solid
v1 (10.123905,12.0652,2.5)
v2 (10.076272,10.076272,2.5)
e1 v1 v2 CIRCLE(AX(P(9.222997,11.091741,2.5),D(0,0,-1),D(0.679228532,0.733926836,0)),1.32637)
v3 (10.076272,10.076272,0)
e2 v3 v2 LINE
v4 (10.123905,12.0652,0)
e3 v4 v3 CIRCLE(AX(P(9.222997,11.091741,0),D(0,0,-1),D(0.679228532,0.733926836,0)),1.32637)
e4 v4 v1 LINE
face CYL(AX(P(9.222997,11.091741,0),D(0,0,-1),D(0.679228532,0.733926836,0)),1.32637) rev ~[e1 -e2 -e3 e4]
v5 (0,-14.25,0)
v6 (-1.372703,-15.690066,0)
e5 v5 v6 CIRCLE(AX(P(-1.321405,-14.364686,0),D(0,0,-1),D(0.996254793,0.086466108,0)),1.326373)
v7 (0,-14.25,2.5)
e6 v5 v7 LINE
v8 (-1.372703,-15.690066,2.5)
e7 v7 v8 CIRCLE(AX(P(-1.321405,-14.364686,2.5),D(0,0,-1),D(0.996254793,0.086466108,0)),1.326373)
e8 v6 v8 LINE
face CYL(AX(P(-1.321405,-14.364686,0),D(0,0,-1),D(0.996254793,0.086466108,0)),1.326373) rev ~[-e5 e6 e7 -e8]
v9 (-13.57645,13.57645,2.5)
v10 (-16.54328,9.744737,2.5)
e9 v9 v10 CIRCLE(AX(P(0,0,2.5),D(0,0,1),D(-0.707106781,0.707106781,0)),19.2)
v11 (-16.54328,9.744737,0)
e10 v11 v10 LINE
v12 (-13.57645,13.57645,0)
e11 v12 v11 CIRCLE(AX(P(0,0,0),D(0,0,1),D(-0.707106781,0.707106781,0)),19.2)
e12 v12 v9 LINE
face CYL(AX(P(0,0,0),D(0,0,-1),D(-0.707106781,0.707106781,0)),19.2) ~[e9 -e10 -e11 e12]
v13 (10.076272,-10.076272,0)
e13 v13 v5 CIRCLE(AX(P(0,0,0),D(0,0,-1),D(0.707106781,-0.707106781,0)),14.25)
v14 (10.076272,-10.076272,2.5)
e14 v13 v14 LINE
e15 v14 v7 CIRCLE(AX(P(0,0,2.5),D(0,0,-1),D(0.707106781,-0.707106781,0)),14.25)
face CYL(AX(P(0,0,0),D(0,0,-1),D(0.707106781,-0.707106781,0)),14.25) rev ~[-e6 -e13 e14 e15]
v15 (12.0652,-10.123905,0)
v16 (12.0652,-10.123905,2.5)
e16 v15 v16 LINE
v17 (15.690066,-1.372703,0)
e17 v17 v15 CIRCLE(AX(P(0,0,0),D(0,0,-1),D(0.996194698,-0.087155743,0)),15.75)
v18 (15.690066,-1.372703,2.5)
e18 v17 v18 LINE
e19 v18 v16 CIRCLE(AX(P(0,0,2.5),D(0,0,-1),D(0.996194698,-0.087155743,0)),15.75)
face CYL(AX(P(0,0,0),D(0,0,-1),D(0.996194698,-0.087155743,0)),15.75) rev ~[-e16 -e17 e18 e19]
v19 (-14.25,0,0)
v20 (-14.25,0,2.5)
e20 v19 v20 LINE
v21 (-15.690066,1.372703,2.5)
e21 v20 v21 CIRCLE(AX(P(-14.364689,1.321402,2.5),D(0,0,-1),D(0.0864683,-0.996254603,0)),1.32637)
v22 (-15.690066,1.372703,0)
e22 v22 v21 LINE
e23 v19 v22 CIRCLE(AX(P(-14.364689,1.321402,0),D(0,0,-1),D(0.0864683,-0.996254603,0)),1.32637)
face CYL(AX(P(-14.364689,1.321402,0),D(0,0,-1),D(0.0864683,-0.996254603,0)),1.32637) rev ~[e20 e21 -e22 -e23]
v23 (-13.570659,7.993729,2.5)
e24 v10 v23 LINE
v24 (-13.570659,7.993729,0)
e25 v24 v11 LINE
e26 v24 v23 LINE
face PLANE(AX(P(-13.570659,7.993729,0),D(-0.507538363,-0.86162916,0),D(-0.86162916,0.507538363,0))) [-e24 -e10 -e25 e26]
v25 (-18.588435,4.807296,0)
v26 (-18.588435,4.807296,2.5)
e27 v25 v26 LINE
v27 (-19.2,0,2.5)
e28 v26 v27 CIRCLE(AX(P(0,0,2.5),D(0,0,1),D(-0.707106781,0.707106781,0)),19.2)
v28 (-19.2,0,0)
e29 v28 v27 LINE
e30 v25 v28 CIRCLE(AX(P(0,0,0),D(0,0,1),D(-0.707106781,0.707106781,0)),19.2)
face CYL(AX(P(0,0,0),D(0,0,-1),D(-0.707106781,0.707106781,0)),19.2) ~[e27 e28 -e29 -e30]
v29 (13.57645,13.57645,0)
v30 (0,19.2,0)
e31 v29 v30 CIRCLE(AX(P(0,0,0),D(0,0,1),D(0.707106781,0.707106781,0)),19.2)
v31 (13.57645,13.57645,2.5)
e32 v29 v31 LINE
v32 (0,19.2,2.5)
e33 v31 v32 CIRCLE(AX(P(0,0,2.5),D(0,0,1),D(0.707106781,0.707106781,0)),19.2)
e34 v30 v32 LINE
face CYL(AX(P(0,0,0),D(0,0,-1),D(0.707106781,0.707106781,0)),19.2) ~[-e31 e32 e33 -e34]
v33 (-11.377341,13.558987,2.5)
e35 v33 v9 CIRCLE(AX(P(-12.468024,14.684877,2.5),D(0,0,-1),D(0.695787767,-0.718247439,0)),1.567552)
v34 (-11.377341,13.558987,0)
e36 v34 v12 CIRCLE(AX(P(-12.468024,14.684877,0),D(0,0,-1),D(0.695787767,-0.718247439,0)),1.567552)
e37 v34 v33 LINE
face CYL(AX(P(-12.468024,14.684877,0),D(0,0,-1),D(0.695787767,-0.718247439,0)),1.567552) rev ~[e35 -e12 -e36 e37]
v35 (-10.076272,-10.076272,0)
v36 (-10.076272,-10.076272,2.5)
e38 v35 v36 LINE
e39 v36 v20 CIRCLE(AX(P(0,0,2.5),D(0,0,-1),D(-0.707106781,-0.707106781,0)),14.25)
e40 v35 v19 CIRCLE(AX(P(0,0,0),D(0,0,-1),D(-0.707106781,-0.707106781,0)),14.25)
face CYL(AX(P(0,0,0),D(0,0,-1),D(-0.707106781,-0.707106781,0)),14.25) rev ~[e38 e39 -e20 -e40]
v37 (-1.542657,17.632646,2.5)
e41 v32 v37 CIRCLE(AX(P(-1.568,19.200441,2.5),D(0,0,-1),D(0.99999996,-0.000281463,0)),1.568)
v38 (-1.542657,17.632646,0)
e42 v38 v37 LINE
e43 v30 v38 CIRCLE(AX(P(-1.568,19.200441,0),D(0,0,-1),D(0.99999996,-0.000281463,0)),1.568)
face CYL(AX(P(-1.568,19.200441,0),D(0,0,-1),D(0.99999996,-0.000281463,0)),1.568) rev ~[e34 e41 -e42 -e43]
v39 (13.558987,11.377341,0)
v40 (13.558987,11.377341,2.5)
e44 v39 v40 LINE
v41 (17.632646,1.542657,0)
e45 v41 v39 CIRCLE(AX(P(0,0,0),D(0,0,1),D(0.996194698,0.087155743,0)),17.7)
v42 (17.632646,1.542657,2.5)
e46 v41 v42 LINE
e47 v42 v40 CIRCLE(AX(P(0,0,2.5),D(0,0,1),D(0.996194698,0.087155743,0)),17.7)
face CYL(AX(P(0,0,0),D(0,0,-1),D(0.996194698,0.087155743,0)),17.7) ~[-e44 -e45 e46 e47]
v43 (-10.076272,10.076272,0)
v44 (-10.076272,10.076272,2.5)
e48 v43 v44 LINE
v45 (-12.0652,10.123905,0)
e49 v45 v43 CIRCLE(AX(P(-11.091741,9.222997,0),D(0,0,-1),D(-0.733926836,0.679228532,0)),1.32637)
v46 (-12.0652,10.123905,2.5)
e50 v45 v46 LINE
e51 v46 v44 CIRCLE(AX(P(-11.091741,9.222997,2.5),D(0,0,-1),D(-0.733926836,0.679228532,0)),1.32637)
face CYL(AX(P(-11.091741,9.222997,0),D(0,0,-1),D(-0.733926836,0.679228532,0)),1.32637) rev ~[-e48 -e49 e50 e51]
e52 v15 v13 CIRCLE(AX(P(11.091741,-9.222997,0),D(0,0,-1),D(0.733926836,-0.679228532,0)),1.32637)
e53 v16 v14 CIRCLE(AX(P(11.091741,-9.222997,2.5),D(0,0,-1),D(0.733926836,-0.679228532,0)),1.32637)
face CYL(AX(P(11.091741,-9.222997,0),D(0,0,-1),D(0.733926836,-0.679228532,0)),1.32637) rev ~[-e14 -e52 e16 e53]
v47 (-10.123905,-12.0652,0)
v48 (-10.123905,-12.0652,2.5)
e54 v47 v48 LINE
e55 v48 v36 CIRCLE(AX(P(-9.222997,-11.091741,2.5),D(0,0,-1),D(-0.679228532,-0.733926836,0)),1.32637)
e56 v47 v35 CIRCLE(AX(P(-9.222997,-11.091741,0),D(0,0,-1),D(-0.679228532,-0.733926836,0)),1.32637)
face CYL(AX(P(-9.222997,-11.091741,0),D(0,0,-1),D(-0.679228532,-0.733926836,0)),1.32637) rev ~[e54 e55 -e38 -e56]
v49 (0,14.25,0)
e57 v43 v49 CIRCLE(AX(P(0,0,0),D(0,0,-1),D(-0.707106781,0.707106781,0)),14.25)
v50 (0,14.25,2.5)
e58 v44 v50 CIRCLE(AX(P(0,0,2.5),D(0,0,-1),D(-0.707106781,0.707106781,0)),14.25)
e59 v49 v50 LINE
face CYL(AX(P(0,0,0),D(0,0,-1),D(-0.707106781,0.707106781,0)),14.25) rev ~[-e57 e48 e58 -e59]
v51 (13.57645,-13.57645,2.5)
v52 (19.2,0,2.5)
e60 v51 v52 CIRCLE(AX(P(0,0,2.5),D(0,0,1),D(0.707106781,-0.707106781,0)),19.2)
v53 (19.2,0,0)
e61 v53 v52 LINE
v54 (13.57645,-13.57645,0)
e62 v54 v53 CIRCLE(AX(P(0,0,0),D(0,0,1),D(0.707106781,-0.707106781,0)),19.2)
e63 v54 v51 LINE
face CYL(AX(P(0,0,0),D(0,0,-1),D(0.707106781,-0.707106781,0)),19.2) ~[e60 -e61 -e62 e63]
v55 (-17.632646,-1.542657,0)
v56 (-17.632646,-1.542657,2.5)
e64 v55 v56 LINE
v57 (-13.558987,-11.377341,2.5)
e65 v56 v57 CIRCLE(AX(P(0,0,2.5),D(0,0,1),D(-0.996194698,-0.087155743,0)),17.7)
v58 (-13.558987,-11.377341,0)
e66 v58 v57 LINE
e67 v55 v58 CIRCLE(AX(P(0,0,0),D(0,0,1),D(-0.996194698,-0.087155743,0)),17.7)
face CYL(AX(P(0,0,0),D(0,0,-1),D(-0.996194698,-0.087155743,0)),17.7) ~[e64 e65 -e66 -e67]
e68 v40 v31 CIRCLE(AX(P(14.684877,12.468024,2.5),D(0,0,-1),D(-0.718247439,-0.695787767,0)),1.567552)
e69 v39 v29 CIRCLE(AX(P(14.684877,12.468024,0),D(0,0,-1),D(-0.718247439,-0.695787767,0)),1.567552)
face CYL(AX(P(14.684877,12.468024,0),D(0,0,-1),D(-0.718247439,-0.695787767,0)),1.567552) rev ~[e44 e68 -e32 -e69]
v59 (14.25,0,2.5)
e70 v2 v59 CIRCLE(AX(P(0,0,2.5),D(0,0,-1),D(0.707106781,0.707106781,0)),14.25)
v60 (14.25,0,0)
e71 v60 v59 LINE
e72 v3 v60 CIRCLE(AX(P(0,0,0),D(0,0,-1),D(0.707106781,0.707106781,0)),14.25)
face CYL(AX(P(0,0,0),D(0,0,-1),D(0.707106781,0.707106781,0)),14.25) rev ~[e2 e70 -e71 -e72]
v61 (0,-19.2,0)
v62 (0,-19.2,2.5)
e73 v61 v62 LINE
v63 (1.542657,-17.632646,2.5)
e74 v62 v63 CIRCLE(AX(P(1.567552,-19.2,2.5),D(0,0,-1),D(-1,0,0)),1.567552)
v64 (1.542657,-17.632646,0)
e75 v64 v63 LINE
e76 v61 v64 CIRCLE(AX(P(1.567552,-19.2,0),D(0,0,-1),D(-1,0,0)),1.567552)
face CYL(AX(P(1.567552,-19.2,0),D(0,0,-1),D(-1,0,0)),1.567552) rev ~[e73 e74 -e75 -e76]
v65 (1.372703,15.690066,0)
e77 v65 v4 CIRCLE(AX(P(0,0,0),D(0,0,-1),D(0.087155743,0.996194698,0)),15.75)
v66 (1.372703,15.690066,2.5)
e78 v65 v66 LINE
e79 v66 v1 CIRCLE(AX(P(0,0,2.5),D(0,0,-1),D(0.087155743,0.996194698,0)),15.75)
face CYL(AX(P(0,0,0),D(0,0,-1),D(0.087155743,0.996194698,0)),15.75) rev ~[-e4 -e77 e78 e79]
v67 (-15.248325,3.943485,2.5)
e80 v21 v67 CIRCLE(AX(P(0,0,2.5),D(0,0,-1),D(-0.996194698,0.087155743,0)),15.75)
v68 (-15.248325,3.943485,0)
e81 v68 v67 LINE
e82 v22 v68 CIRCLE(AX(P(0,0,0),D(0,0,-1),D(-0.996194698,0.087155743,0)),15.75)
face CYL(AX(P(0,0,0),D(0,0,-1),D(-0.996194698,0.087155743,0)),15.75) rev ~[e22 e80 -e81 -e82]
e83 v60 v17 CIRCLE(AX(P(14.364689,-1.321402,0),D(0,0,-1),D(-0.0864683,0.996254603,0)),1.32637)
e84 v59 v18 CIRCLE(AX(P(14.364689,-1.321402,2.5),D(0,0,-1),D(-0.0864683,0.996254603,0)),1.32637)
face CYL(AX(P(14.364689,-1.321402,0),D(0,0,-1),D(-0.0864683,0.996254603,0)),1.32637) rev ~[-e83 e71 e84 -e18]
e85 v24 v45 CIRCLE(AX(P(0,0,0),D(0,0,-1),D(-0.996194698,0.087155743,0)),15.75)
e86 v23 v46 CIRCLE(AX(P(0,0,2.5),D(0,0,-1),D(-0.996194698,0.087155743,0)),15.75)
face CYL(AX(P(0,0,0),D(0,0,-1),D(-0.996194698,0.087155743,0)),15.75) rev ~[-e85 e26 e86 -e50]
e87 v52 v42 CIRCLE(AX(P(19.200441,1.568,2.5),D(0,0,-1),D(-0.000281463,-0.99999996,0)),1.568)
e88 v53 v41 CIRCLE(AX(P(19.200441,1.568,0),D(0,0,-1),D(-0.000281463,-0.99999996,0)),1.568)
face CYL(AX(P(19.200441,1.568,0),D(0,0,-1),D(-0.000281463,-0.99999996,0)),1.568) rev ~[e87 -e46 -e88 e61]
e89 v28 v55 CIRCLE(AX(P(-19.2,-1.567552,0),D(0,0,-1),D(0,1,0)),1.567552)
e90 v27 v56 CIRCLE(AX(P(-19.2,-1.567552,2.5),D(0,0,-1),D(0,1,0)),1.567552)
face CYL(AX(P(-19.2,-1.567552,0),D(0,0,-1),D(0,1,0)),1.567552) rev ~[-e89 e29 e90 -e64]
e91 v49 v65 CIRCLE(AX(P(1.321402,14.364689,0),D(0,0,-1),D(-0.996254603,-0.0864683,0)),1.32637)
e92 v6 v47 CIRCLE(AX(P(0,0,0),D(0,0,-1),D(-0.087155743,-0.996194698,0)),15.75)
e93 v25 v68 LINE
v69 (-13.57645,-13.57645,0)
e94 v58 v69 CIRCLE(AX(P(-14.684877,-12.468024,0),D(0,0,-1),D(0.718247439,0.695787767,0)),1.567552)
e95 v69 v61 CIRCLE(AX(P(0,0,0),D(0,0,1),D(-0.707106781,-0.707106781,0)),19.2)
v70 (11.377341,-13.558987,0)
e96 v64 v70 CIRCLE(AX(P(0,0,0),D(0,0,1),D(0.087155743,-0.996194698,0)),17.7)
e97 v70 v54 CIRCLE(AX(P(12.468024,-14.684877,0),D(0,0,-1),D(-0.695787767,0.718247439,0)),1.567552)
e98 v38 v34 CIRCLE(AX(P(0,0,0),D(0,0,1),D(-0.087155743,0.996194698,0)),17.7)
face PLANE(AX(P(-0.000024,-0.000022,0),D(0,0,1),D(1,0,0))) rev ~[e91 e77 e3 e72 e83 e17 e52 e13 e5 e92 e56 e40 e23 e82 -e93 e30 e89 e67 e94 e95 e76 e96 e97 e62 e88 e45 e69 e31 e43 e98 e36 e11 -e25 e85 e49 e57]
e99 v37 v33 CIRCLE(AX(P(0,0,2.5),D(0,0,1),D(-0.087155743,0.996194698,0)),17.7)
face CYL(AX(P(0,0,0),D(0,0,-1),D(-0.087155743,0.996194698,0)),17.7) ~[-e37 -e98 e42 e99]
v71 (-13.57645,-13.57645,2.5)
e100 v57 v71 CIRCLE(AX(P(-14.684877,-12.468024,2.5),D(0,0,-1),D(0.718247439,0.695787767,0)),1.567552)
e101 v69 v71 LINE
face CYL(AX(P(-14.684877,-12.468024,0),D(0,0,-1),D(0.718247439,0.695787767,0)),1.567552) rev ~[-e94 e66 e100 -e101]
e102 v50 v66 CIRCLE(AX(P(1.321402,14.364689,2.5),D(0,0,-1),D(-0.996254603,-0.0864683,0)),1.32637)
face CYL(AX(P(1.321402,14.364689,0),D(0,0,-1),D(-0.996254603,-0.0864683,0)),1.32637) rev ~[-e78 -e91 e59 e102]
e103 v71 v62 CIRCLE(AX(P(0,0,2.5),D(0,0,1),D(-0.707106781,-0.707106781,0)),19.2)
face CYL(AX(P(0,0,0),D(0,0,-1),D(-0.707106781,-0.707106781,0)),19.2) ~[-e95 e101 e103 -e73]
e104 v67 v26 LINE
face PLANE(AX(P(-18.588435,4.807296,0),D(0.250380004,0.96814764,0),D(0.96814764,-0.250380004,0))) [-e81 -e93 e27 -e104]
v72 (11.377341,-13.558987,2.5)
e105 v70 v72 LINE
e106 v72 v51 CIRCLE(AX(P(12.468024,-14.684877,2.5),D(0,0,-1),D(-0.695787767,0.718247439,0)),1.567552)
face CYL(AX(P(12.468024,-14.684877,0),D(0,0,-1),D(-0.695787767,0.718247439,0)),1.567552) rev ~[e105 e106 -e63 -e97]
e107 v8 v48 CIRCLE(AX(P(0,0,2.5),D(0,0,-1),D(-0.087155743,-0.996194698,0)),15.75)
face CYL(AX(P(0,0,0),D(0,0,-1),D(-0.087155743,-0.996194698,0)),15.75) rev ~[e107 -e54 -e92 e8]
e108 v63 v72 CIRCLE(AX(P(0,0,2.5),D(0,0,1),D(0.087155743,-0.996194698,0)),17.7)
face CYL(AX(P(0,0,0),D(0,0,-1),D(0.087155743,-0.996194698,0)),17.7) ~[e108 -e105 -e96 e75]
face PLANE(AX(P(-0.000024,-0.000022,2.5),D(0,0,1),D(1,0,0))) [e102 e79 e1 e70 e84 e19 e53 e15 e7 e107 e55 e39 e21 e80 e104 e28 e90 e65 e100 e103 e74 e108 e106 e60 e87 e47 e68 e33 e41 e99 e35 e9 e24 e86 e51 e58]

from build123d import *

# Parameters (mm, degrees)
F1_DEPTH = 2.5
F3_DEPTH = 2.501


with BuildPart() as f1:
    # F0 (on Top) → F1 (new body)
    with BuildSketch(Plane.XY):
        with BuildLine():
            ThreePointArc((-11.3773406915, 13.5589866432), (-12.4804717144, 13.1173744075), (-13.5764501988, 13.5764501988))
            ThreePointArc((-13.5764501988, 13.5764501988), (-17.7384870242, 7.3475219014), (-19.2, 0))
            ThreePointArc((-19.2, 0), (-18.1004105765, -0.4503582132), (-17.6326461562, -1.5426566466))
            ThreePointArc((-17.6326461562, -1.5426566466), (-16.3526677254, -6.7734967529), (-13.5589866432, -11.3773406915))
            ThreePointArc((-13.5589866432, -11.3773406915), (-13.1173744075, -12.4804717144), (-13.5764501988, -13.5764501988))
            ThreePointArc((-13.5764501988, -13.5764501988), (-7.3475219014, -17.7384870242), (0, -19.2))
            ThreePointArc((0, -19.2), (0.4503582132, -18.1004105765), (1.5426566466, -17.6326461562))
            ThreePointArc((1.5426566466, -17.6326461562), (6.7734967529, -16.3526677254), (11.3773406915, -13.5589866432))
            ThreePointArc((11.3773406915, -13.5589866432), (12.4804717144, -13.1173744075), (13.5764501988, -13.5764501988))
            ThreePointArc((13.5764501988, -13.5764501988), (17.7384870242, -7.3475219014), (19.2, 0))
            ThreePointArc((19.2, 0), (18.1005373282, 0.4504869942), (17.6326461562, 1.5426566466))
            ThreePointArc((17.6326461562, 1.5426566466), (16.3526677254, 6.7734967529), (13.5589866432, 11.3773406915))
            ThreePointArc((13.5589866432, 11.3773406915), (13.1173744075, 12.4804717144), (13.5764501988, 13.5764501988))
            ThreePointArc((13.5764501988, 13.5764501988), (7.3475219014, 17.7384870242), (0, 19.2))
            ThreePointArc((0, 19.2), (-0.4504869942, 18.1005373282), (-1.5426566466, 17.6326461562))
            ThreePointArc((-1.5426566466, 17.6326461562), (-6.7734967529, 16.3526677254), (-11.3773406915, 13.5589866432))
        make_face()
        with BuildLine():
            ThreePointArc((15.6900664949, -1.3727029483), (14.5511026371, -6.0272640598), (12.0651999791, -10.1239048526))
            ThreePointArc((12.0651999791, -10.1239048526), (11.0599850614, -10.5489862891), (10.0762716319, -10.0762716319))
            ThreePointArc((10.0762716319, -10.0762716319), (5.4532389112, -13.1652833383), (0, -14.25))
            ThreePointArc((0, -14.25), (-0.3613316509, -15.2798492672), (-1.3727029483, -15.6900664949))
            ThreePointArc((-1.3727029483, -15.6900664949), (-6.0272640598, -14.5511026371), (-10.1239048526, -12.0651999791))
            ThreePointArc((-10.1239048526, -12.0651999791), (-10.5489862891, -11.0599850614), (-10.0762716319, -10.0762716319))
            ThreePointArc((-10.0762716319, -10.0762716319), (-13.1652833383, -5.4532389112), (-14.25, 0))
            ThreePointArc((-14.25, 0), (-15.2798501764, 0.3613306971), (-15.6900664949, 1.3727029483))
            ThreePointArc((-15.6900664949, 1.3727029483), (-14.5511026371, 6.0272640598), (-12.0651999791, 10.1239048526))
            ThreePointArc((-12.0651999791, 10.1239048526), (-11.0599850614, 10.5489862891), (-10.0762716319, 10.0762716319))
            ThreePointArc((-10.0762716319, 10.0762716319), (-5.4532389112, 13.1652833383), (0, 14.25))
            ThreePointArc((0, 14.25), (0.3613306971, 15.2798501764), (1.3727029483, 15.6900664949))
            ThreePointArc((1.3727029483, 15.6900664949), (6.0272640598, 14.5511026371), (10.1239048526, 12.0651999791))
            ThreePointArc((10.1239048526, 12.0651999791), (10.5489862891, 11.0599850614), (10.0762716319, 10.0762716319))
            ThreePointArc((10.0762716319, 10.0762716319), (13.1652833383, 5.4532389112), (14.25, 0))
            ThreePointArc((14.25, 0), (15.2798501764, -0.3613306971), (15.6900664949, -1.3727029483))
        make_face(mode=Mode.SUBTRACT)
    extrude(amount=F1_DEPTH)

    # F2 (on Top) → F3 (cut, through all)
    with BuildSketch(Plane.XY):
        with BuildLine():
            Line((-18.5884346953, 4.8072960778), (-15.248325336, 3.9434850639))
            ThreePointArc((-15.248325336, 3.9434850639), (-14.5511026371, 6.0272640598), (-13.570659277, 7.9937292166))
            Line((-13.570659277, 7.9937292166), (-16.5432798805, 9.7447365688))
            ThreePointArc((-16.5432798805, 9.7447365688), (-17.7384870242, 7.3475219014), (-18.5884346953, 4.8072960778))
        make_face()
    extrude(amount=F3_DEPTH, mode=Mode.SUBTRACT)


solid = f1.part
